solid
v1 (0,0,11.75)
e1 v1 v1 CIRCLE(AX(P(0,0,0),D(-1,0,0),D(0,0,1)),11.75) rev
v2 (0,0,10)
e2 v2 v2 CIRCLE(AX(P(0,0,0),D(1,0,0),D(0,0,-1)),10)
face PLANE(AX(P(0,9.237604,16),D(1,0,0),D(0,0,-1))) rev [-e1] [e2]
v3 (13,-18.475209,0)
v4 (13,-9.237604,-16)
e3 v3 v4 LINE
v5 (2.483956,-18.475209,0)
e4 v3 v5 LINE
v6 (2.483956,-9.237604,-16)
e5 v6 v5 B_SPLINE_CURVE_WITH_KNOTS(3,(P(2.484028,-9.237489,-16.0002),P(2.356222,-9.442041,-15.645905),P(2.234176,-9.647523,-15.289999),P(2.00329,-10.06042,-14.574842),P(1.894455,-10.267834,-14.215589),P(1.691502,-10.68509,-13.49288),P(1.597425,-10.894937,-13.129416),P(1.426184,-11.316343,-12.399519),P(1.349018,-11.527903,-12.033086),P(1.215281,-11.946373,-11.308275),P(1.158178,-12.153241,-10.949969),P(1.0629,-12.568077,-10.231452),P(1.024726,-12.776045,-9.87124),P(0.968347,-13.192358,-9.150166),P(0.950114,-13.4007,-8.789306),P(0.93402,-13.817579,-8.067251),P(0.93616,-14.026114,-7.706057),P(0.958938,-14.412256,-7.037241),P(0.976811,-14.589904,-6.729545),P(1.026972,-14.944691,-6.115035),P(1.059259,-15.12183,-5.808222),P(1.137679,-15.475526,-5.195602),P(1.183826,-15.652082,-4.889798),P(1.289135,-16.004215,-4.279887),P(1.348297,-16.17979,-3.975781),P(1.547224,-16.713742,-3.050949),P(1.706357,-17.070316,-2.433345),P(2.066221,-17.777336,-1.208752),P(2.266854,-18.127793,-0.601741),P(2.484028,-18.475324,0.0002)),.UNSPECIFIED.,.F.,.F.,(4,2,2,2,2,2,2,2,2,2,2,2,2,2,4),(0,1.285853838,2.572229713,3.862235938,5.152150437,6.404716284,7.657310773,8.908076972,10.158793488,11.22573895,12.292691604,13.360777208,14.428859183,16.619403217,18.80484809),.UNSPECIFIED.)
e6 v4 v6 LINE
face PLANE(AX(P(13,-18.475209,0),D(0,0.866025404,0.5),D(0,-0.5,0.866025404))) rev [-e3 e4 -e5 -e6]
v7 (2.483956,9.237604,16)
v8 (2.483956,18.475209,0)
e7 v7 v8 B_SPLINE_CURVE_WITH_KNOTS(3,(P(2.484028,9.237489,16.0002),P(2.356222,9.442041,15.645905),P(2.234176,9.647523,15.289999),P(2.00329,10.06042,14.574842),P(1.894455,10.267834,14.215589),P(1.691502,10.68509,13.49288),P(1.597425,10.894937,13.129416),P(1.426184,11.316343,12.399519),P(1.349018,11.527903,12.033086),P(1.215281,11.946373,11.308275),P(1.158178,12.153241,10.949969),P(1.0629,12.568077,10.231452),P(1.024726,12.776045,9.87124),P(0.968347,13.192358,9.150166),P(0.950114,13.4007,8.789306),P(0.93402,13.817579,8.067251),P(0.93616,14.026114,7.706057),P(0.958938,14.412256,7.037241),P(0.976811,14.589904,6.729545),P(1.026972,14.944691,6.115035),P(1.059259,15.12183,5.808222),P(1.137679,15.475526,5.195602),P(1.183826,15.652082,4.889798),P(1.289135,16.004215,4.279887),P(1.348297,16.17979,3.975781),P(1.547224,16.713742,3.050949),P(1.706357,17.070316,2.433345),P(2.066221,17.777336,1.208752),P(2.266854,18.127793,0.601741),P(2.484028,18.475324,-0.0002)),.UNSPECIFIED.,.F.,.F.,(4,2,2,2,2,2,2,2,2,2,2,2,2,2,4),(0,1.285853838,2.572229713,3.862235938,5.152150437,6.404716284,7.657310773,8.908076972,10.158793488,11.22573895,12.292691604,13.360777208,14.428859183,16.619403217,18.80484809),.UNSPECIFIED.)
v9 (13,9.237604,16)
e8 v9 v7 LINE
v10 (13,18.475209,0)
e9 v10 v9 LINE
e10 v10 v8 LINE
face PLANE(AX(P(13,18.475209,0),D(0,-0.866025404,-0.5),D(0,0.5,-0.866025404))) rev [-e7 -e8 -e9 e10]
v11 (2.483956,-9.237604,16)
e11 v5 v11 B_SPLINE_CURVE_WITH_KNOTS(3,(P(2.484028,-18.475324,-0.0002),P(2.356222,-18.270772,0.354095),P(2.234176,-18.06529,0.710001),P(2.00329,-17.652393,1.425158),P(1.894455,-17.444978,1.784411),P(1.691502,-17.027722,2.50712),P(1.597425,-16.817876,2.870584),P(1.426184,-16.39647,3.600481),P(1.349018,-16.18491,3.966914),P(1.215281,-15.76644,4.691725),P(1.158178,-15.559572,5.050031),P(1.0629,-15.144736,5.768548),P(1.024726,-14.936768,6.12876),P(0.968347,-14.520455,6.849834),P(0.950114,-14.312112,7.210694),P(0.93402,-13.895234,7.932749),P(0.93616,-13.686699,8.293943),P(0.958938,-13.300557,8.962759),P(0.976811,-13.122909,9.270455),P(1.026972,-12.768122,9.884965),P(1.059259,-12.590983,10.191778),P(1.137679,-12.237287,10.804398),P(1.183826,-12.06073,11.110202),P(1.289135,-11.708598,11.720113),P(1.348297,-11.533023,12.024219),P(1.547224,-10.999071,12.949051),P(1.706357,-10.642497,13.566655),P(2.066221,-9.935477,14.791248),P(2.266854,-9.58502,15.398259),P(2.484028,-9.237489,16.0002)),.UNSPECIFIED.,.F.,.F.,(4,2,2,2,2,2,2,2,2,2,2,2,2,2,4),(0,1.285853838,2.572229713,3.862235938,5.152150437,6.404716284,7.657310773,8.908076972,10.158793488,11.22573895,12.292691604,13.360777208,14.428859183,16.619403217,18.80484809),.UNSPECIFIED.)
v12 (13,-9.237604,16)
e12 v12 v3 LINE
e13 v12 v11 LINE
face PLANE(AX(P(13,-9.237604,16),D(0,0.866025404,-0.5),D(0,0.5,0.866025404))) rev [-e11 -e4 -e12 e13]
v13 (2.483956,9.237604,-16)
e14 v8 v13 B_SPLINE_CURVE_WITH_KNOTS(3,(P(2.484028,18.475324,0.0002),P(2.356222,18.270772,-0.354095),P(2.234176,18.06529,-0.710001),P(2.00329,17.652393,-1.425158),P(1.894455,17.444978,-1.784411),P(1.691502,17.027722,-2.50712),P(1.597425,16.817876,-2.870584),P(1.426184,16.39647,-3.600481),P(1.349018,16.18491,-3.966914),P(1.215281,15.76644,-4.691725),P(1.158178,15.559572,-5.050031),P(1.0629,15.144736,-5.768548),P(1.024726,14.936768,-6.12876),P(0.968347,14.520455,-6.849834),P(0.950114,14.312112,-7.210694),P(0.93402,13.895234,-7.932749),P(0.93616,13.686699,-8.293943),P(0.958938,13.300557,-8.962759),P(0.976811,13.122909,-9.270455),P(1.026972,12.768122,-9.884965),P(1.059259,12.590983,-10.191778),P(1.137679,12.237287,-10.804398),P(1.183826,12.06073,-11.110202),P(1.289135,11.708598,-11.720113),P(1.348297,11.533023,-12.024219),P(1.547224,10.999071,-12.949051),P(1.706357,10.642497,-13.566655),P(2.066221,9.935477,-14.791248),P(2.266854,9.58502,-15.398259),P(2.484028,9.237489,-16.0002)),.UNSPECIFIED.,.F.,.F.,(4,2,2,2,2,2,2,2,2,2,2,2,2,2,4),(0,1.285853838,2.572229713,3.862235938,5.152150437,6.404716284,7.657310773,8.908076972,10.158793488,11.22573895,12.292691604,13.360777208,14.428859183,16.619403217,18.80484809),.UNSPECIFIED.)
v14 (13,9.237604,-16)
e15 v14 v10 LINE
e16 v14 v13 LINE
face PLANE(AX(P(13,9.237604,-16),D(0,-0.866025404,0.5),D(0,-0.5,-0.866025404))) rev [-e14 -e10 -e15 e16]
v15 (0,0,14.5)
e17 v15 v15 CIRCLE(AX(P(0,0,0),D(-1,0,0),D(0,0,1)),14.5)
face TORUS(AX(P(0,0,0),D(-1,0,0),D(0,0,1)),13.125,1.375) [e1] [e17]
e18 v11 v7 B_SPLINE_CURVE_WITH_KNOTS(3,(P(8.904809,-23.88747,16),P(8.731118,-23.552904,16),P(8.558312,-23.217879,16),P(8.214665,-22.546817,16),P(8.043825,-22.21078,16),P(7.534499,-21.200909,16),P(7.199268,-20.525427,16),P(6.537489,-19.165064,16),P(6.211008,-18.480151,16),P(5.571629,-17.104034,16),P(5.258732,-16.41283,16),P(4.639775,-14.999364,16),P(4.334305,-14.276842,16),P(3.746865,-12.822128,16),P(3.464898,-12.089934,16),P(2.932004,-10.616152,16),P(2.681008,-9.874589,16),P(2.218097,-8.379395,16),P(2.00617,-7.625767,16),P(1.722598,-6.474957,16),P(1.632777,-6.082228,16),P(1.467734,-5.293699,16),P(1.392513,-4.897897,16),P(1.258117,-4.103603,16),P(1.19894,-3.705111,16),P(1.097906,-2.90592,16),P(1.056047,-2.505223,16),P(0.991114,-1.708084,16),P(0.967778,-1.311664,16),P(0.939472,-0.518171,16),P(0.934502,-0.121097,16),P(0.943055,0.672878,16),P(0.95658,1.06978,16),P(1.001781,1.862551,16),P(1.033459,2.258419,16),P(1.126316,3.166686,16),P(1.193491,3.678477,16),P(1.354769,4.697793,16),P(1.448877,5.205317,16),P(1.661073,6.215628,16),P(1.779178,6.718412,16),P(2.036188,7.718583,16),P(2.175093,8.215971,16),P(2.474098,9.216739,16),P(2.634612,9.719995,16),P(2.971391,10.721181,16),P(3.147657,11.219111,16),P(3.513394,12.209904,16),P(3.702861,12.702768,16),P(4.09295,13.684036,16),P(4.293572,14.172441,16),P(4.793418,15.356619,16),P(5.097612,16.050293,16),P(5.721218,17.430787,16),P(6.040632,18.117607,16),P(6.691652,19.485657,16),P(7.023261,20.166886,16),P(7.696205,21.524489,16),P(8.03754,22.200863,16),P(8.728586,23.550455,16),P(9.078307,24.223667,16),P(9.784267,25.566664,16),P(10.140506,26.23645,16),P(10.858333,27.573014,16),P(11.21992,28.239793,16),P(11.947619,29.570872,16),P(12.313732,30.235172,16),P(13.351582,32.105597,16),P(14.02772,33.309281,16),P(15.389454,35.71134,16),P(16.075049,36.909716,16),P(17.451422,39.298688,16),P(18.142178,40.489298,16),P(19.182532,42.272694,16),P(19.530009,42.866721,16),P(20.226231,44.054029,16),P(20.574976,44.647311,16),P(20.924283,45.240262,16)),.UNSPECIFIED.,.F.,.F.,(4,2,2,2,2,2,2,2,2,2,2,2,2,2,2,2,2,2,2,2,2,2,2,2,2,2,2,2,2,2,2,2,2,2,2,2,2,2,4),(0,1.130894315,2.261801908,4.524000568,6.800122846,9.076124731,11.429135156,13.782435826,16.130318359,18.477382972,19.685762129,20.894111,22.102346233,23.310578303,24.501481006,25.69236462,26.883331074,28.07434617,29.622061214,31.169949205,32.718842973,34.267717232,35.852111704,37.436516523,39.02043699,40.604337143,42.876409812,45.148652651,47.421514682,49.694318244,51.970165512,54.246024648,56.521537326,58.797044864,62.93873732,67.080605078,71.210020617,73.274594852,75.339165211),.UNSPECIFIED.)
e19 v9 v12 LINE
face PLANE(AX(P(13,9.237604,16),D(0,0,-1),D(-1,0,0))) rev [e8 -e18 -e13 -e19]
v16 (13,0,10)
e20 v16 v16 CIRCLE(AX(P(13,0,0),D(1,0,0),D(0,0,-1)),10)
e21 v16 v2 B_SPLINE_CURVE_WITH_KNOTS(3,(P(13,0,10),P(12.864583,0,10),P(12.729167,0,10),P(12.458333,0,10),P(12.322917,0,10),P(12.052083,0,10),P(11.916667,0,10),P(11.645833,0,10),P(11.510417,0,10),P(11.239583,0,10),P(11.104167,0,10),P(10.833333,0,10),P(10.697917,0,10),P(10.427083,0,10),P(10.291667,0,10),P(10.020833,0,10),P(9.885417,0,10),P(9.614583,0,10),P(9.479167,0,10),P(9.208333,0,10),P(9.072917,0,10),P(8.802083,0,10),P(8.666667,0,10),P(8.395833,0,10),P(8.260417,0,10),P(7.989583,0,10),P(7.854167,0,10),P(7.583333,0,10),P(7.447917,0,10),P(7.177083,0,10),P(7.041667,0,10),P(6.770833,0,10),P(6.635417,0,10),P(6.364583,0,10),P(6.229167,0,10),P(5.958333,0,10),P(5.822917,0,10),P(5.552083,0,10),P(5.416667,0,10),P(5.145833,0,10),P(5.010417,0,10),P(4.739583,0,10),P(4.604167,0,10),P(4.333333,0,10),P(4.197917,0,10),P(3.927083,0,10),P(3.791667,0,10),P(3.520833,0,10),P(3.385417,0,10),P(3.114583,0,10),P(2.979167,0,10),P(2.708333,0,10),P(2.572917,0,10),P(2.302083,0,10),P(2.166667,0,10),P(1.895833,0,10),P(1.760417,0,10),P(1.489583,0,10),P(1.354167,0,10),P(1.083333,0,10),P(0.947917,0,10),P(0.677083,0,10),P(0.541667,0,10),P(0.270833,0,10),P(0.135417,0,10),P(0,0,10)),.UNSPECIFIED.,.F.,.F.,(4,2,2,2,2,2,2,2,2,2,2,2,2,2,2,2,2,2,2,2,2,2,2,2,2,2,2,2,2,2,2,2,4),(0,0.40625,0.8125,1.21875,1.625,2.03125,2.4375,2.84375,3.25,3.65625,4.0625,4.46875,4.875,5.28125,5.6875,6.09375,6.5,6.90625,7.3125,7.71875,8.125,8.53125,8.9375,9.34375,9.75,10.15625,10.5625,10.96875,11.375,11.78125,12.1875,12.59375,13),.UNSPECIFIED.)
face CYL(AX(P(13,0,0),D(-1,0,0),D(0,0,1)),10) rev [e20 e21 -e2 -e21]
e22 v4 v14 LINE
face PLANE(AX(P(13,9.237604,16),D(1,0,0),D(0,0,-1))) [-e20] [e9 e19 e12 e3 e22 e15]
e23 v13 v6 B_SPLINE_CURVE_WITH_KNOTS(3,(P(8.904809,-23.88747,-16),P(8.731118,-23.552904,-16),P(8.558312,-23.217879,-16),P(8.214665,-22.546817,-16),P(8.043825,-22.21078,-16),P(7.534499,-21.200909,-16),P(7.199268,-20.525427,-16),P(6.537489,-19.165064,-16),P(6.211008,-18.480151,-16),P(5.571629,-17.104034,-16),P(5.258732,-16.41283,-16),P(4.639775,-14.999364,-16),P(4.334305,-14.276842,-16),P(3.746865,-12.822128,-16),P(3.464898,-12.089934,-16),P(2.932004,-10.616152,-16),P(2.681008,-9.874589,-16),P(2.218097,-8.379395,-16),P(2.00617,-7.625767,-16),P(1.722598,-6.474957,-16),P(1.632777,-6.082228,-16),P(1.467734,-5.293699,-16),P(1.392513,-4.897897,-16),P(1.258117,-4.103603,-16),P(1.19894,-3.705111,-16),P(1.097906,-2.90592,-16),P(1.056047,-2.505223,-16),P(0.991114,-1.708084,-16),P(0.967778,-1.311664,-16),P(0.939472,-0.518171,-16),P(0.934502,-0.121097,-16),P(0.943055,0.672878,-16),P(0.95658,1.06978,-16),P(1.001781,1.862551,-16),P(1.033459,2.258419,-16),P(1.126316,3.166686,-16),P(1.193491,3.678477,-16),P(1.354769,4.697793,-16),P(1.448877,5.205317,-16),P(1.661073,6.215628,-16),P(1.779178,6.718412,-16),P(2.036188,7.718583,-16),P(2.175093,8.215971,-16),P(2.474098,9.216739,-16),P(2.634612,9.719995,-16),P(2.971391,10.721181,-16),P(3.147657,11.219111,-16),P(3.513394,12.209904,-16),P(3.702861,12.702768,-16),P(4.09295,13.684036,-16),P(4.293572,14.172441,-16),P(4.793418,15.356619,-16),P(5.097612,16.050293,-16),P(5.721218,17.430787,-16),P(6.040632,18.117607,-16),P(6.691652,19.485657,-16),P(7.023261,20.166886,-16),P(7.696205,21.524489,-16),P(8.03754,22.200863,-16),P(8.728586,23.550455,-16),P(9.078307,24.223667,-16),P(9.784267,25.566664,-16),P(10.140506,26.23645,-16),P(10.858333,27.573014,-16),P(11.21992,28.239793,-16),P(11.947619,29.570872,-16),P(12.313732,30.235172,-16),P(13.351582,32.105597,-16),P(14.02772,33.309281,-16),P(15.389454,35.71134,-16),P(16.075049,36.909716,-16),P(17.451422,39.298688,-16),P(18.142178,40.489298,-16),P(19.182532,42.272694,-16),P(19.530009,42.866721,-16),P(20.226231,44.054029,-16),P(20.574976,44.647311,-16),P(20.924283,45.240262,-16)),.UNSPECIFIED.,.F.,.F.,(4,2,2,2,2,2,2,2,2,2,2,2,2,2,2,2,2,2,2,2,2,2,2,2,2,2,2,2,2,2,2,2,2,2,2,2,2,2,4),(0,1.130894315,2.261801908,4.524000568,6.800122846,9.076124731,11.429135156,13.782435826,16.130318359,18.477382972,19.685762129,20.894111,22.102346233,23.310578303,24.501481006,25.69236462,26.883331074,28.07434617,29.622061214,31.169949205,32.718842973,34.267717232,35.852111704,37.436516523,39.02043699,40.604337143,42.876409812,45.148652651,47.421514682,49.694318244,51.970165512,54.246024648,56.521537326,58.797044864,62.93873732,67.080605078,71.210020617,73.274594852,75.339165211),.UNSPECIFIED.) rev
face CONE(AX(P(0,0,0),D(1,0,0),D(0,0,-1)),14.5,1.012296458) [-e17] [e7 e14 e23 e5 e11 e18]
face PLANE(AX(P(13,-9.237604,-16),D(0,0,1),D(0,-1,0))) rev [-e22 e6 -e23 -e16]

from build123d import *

# Parameters (mm, degrees)
SKETCH1_R           = 10
BOSS_EXTRUDE1_DEPTH = 13


with BuildPart() as part:
    # Sketch1 → Boss-Extrude1 (new body)
    with BuildSketch(Plane(origin=(0, 0, 0), x_dir=(0, 0, -1), z_dir=(1, 0, 0))):
        Polygon((-16, 9.237604307), (-16, -9.237604307), (0, -18.475208614), (16, -9.237604307), (16, 9.237604307), (0, 18.475208614), align=None)
        with Locations(Location((0, 0, 0), (0, 0, 180))):
            Circle(SKETCH1_R, mode=Mode.SUBTRACT)
    extrude(amount=BOSS_EXTRUDE1_DEPTH)

    # Sketch2 → Cut-Revolve1 (revolve, cut)
    with BuildSketch(Plane(origin=(0, 0, 0), x_dir=(1, 0, 0), z_dir=(0, 1, 0)), mode=Mode.PRIVATE) as cut_revolve1_sk:
        Polygon((0, 14.5), (3.137550133, 19.521191174), (-1.152758785, 19.521191174), (-1.152758785, 14.5), align=None)
    revolve(cut_revolve1_sk.sketch.rotate(Axis((0, 0, 0), (1, 0, 0)), 29.999999997), axis=Axis((0, 0, 0), (1, 0, 0)), mode=Mode.SUBTRACT)

    # Sketch4 → Revolve1 (revolve)
    with BuildSketch(Plane(origin=(0, 0, 0), x_dir=(1, 0, 0), z_dir=(0, 1, 0)), mode=Mode.PRIVATE) as revolve1_sk:
        with BuildLine():
            Line((0, 11.75), (0, 14.5))
            ThreePointArc((0, 14.5), (-1.375, 13.125), (0, 11.75))
        make_face()
    revolve(revolve1_sk.sketch.rotate(Axis((0, 0, 0), (1, 0, 0)), 180), axis=Axis((0, 0, 0), (1, 0, 0)))


solid = part.part
